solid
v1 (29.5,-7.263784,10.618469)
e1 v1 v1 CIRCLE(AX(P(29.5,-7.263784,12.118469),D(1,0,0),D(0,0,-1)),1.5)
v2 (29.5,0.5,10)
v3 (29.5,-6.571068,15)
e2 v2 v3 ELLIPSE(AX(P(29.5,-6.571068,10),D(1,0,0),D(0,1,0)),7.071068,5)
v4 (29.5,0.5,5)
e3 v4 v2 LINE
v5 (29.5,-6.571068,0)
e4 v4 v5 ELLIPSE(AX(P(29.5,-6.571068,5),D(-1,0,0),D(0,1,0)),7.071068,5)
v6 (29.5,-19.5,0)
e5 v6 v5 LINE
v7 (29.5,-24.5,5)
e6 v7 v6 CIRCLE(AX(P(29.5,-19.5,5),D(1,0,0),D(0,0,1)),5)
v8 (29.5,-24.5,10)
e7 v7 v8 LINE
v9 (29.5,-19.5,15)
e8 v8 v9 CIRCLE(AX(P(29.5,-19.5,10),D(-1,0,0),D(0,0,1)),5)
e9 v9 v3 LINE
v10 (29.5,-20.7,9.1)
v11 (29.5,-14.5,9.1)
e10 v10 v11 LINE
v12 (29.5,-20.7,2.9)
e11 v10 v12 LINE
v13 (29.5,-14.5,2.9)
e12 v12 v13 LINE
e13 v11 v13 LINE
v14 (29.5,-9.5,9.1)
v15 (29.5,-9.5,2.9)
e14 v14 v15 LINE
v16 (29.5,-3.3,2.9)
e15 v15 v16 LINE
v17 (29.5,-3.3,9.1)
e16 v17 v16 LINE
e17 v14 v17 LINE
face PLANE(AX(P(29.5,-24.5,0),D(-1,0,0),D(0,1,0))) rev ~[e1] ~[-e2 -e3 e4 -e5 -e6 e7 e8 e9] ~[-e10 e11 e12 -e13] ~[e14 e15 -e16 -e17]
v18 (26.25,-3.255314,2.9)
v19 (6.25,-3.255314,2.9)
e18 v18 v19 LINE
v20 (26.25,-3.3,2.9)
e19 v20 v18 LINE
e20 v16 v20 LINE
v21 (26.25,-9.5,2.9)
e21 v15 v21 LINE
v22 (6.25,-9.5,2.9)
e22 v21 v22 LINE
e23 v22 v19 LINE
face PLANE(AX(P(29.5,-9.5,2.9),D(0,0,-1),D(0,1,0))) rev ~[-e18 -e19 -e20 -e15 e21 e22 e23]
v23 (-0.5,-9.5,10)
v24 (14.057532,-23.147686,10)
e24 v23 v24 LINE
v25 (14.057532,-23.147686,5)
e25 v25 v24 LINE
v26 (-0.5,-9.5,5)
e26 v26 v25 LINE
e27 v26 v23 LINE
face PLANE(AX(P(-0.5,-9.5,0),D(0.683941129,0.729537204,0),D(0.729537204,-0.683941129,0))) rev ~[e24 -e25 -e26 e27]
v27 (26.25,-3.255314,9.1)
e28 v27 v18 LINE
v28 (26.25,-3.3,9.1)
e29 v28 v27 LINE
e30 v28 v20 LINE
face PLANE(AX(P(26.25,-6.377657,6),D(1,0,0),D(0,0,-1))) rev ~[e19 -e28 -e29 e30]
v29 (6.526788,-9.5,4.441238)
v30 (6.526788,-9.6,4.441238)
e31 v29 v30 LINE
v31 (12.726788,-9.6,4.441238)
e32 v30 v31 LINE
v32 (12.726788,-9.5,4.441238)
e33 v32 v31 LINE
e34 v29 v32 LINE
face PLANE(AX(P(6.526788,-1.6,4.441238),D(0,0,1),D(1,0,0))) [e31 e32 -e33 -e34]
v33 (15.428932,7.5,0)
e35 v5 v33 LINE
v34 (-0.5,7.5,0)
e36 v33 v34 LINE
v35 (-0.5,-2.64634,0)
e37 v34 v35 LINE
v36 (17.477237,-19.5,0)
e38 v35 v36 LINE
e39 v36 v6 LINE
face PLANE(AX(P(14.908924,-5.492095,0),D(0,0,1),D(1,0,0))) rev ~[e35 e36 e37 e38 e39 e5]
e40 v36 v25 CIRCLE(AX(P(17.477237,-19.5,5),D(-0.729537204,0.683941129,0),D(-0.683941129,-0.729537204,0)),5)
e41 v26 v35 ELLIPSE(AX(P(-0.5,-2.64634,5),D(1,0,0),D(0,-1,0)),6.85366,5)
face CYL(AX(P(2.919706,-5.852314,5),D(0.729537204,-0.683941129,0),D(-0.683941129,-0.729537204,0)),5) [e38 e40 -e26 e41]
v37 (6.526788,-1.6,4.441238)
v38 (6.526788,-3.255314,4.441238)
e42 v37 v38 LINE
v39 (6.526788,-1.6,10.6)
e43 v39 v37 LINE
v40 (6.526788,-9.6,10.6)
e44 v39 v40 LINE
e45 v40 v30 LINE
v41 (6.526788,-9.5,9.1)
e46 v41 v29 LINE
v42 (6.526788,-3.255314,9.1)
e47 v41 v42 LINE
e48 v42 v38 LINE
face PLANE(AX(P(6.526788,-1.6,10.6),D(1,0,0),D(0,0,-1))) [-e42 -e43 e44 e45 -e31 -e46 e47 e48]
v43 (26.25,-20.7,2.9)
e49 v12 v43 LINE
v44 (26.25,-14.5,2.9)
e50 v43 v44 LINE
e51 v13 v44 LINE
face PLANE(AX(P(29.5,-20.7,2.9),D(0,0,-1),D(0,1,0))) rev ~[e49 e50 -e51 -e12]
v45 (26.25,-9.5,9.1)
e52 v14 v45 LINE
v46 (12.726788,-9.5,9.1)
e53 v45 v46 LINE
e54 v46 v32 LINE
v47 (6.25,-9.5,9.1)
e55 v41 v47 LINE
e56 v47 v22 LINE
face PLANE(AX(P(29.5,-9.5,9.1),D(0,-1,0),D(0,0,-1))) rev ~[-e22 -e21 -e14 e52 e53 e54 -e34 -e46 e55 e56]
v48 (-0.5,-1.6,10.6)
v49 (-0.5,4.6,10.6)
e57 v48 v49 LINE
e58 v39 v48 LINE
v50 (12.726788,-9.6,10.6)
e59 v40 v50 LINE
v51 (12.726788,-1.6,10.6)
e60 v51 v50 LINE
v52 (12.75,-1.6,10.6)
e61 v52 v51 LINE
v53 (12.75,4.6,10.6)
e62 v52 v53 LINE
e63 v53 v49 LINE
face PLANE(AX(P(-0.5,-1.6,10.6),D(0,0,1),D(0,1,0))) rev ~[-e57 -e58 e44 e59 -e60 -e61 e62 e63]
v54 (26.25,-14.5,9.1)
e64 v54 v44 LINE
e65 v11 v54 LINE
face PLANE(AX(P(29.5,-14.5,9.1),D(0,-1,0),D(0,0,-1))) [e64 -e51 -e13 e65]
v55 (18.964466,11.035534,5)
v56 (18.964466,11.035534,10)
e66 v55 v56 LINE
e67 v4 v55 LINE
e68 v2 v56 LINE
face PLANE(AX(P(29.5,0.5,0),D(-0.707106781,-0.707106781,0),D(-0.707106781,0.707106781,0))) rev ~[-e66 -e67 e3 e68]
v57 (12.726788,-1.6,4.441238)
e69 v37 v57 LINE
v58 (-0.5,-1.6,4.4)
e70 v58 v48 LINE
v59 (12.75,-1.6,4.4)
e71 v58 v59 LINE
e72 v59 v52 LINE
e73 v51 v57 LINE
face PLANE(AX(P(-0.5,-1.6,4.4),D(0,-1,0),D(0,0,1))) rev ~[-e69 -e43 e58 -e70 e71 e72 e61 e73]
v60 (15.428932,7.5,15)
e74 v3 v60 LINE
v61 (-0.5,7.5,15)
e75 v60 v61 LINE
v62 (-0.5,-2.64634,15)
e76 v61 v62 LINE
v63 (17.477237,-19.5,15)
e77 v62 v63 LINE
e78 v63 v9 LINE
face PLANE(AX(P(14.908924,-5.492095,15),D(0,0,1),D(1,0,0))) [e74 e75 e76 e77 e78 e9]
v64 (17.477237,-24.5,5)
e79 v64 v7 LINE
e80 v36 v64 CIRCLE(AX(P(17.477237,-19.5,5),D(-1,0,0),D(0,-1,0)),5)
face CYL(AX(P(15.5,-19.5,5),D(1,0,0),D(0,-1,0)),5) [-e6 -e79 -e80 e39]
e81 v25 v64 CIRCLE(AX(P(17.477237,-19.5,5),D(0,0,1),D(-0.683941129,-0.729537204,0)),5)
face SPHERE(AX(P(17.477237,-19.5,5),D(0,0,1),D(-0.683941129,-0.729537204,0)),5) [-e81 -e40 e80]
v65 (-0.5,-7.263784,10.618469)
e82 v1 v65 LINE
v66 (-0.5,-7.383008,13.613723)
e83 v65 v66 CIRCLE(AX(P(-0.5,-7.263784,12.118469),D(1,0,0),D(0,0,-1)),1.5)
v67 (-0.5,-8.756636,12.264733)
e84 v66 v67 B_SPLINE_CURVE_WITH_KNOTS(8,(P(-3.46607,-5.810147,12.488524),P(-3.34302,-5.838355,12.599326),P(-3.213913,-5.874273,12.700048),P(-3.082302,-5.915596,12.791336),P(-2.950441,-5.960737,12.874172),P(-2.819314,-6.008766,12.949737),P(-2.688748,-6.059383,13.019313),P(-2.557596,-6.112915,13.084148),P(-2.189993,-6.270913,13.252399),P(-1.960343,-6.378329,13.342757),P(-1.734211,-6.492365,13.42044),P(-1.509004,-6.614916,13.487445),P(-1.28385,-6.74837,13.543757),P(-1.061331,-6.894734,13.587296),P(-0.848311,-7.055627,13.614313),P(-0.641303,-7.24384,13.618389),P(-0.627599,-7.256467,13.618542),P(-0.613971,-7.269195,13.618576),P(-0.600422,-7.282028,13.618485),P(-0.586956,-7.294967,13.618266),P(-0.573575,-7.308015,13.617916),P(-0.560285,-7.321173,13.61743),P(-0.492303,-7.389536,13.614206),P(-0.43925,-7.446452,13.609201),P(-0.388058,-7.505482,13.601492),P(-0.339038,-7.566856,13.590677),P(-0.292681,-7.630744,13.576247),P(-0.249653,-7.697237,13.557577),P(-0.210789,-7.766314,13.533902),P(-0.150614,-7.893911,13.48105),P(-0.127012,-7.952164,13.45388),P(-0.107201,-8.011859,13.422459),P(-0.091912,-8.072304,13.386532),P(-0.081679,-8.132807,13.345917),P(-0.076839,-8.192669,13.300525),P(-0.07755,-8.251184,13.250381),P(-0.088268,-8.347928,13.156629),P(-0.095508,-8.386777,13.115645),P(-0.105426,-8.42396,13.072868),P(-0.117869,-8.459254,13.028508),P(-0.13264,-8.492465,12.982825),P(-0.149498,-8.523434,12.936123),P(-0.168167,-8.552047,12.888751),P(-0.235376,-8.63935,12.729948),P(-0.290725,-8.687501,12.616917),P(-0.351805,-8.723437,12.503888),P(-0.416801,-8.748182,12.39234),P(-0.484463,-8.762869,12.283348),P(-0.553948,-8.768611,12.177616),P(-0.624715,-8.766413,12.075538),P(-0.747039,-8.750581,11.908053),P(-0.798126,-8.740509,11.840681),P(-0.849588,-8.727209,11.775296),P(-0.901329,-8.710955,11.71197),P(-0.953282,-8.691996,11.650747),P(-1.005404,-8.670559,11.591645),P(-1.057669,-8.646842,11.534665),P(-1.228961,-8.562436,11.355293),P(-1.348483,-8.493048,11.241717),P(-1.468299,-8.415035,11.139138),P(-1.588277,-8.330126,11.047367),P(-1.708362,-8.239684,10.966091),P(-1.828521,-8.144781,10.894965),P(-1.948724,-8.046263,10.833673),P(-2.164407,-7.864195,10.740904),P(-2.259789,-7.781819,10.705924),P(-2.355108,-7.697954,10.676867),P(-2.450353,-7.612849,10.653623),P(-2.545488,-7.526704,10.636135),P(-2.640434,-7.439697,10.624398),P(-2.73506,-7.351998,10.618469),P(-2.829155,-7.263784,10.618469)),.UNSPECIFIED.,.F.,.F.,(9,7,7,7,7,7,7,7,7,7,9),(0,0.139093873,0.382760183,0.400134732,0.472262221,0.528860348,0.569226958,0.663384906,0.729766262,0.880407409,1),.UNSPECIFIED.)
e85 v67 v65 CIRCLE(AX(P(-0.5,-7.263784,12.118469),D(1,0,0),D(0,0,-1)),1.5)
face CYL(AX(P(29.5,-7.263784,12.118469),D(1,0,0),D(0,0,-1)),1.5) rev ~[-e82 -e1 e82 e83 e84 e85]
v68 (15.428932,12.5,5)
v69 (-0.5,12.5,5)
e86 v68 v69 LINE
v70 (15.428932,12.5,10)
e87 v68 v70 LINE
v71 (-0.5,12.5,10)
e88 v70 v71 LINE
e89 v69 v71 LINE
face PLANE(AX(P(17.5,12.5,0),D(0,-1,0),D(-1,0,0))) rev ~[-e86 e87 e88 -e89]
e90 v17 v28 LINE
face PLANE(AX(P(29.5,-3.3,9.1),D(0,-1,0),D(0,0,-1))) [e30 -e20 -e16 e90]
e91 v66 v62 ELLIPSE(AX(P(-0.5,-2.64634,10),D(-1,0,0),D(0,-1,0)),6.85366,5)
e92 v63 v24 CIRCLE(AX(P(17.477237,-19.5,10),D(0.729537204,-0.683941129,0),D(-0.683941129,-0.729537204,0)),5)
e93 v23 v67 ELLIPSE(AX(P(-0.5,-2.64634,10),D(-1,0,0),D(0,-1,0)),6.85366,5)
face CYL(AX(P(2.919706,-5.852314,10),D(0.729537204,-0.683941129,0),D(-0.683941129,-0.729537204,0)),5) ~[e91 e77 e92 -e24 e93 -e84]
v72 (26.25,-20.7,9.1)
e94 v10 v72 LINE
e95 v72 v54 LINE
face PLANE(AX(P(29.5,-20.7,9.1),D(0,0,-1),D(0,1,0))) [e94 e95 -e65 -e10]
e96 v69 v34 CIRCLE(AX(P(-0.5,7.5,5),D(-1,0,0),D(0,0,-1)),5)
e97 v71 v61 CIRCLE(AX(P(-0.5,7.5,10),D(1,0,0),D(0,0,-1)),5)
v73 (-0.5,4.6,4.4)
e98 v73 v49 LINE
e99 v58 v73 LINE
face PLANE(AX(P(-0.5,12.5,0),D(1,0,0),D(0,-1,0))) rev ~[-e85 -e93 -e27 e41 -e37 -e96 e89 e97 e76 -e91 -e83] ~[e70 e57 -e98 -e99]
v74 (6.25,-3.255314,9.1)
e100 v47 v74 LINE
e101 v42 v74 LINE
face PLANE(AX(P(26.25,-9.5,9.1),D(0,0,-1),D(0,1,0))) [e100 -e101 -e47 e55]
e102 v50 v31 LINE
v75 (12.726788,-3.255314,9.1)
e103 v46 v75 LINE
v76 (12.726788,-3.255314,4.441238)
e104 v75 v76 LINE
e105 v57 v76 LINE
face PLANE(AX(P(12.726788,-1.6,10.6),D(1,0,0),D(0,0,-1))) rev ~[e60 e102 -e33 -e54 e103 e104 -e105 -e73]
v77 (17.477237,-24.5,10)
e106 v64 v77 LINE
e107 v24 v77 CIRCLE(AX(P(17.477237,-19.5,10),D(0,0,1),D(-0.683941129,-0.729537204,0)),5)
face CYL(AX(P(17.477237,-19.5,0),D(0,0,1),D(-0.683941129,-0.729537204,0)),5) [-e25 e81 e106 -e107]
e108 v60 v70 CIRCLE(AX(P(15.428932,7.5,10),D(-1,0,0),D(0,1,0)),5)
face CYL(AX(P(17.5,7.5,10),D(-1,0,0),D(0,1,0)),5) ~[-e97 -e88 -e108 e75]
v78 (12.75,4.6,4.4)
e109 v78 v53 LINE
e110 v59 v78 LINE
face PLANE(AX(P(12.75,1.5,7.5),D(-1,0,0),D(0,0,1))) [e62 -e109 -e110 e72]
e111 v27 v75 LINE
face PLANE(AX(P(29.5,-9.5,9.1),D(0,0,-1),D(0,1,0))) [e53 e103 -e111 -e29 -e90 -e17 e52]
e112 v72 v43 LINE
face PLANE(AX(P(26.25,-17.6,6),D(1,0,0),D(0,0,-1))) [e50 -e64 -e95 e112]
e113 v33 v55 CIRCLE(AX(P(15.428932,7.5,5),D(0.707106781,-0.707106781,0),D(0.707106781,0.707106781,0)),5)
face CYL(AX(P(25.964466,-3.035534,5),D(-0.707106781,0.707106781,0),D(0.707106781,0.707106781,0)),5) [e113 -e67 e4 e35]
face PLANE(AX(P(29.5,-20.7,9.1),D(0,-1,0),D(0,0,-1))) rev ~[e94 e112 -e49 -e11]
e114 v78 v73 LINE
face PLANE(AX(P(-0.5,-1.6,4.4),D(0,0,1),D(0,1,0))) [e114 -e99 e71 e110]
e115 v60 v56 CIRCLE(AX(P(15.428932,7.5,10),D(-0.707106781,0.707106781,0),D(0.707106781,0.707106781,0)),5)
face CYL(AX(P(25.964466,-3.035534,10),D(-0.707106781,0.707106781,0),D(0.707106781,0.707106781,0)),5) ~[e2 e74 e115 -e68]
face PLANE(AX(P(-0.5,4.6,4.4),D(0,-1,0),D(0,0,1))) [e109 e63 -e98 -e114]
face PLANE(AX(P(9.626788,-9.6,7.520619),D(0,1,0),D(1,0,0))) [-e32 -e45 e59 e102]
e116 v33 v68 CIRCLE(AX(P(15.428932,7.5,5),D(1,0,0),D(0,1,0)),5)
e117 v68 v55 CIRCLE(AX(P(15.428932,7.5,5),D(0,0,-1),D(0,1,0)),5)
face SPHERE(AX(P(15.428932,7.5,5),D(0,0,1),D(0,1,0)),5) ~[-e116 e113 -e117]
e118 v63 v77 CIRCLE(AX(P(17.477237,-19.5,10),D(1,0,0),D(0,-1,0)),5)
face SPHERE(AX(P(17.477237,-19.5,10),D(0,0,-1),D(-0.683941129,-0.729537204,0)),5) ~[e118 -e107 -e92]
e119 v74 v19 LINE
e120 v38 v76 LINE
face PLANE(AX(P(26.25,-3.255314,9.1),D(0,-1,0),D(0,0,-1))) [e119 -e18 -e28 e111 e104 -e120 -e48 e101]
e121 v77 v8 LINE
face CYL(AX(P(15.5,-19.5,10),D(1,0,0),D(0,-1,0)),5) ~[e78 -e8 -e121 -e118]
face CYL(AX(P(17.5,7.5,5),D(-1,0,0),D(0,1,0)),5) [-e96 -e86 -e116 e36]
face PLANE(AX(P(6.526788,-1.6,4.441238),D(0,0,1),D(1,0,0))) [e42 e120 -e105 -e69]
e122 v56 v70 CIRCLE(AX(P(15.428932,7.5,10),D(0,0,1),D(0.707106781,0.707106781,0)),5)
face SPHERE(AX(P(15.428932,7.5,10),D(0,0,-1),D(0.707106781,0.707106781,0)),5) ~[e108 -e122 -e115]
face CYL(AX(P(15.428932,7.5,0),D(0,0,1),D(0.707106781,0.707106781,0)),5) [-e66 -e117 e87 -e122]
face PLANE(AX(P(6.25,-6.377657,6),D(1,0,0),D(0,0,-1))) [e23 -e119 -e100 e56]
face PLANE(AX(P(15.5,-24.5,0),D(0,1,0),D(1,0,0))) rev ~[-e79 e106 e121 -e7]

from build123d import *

# Parameters (mm, degrees)
BOSS_EXTRUDE1_DEPTH = 15
FILLET1_R           = 5
SKETCH4_W           = 6.2
SKETCH4_H           = 6.2
CUT_EXTRUDE1_DEPTH  = 3.25
SKETCH5_W           = 6.2
SKETCH5_H           = 6.2
CUT_EXTRUDE2_DEPTH  = 3.25
SKETCH8_W           = 6.2
SKETCH8_H           = 6.2
CUT_EXTRUDE3_DEPTH  = 10
SKETCH9_W           = 6.2
SKETCH9_H           = 6.158762439
CUT_EXTRUDE4_DEPTH  = 8
SKETCH10_W          = 6.2
SKETCH10_H          = 6.244686175
CUT_EXTRUDE6_DEPTH  = 20
SKETCH11_R          = 1.5
CUT_EXTRUDE7_DEPTH  = 36


with BuildPart() as part:
    # Sketch2 → Boss-Extrude1 (new body)
    with BuildSketch(Plane.XY):
        Polygon((29.5, -24.5), (29.5, 0.5), (17.5, 12.5), (-0.5, 12.5), (-0.5, -9.5), (15.5, -24.5), align=None)
    extrude(amount=BOSS_EXTRUDE1_DEPTH)

    # Fillet1
    fillet1_edges = [part.edges().sort_by_distance(p)[0] for p in [
        (15.5, -24.5, 7.5),
        (17.5, 12.5, 7.5),
        (23.5, 6.5, 15),
        (8.5, 12.5, 15),
        (7.5, -17, 15),
        (22.5, -24.5, 15),
        (7.5, -17, 0),
        (8.5, 12.5, 0),
        (23.5, 6.5, 0),
        (22.5, -24.5, 0),
    ]]
    fillet(fillet1_edges, radius=FILLET1_R)

    # Sketch4 → Cut-Extrude1 (cut)
    with BuildSketch(Plane(origin=(29.5, 0, 0), x_dir=(0, 0, -1), z_dir=(1, 0, 0))):
        with Locations((-6, -17.6)):
            Rectangle(SKETCH4_W, SKETCH4_H)
        with Locations((-6, -6.4)):
            Rectangle(SKETCH4_W, SKETCH4_H)
    extrude(amount=-CUT_EXTRUDE1_DEPTH, mode=Mode.SUBTRACT)

    # Sketch5 → Cut-Extrude2 (cut)
    with BuildSketch(Plane.ZY.offset(0.5)):
        with Locations((7.5, 1.5)):
            Rectangle(SKETCH5_W, SKETCH5_H)
    extrude(amount=-CUT_EXTRUDE2_DEPTH, mode=Mode.SUBTRACT)

    # Sketch8 → Cut-Extrude3 (cut)
    with BuildSketch(Plane.ZY.offset(-2.75)):
        with Locations((7.5, 1.5)):
            Rectangle(SKETCH8_W, SKETCH8_H)
    extrude(amount=-CUT_EXTRUDE3_DEPTH, mode=Mode.SUBTRACT)

    # Sketch9 → Cut-Extrude4 (cut)
    with BuildSketch(Plane(origin=(0, -1.6, 0), x_dir=(1, 0, 0), z_dir=(0, 1, 0))):
        with Locations((9.626788027, -7.520618781)):
            Rectangle(SKETCH9_W, SKETCH9_H)
    extrude(amount=-CUT_EXTRUDE4_DEPTH, mode=Mode.SUBTRACT)

    # Sketch10 → Cut-Extrude6 (cut)
    with BuildSketch(Plane(origin=(26.25, 0, 0), x_dir=(0, 0, -1), z_dir=(1, 0, 0))):
        with Locations((-6, -6.377656912)):
            Rectangle(SKETCH10_W, SKETCH10_H)
    extrude(amount=-CUT_EXTRUDE6_DEPTH, mode=Mode.SUBTRACT)

    # Sketch11 → Cut-Extrude7 (cut)
    with BuildSketch(Plane(origin=(29.5, 0, 0), x_dir=(0, 0, -1), z_dir=(1, 0, 0))):
        with Locations((-12.118468993, -7.263784025)):
            Circle(SKETCH11_R)
    extrude(amount=-CUT_EXTRUDE7_DEPTH, mode=Mode.SUBTRACT)


solid = part.part
